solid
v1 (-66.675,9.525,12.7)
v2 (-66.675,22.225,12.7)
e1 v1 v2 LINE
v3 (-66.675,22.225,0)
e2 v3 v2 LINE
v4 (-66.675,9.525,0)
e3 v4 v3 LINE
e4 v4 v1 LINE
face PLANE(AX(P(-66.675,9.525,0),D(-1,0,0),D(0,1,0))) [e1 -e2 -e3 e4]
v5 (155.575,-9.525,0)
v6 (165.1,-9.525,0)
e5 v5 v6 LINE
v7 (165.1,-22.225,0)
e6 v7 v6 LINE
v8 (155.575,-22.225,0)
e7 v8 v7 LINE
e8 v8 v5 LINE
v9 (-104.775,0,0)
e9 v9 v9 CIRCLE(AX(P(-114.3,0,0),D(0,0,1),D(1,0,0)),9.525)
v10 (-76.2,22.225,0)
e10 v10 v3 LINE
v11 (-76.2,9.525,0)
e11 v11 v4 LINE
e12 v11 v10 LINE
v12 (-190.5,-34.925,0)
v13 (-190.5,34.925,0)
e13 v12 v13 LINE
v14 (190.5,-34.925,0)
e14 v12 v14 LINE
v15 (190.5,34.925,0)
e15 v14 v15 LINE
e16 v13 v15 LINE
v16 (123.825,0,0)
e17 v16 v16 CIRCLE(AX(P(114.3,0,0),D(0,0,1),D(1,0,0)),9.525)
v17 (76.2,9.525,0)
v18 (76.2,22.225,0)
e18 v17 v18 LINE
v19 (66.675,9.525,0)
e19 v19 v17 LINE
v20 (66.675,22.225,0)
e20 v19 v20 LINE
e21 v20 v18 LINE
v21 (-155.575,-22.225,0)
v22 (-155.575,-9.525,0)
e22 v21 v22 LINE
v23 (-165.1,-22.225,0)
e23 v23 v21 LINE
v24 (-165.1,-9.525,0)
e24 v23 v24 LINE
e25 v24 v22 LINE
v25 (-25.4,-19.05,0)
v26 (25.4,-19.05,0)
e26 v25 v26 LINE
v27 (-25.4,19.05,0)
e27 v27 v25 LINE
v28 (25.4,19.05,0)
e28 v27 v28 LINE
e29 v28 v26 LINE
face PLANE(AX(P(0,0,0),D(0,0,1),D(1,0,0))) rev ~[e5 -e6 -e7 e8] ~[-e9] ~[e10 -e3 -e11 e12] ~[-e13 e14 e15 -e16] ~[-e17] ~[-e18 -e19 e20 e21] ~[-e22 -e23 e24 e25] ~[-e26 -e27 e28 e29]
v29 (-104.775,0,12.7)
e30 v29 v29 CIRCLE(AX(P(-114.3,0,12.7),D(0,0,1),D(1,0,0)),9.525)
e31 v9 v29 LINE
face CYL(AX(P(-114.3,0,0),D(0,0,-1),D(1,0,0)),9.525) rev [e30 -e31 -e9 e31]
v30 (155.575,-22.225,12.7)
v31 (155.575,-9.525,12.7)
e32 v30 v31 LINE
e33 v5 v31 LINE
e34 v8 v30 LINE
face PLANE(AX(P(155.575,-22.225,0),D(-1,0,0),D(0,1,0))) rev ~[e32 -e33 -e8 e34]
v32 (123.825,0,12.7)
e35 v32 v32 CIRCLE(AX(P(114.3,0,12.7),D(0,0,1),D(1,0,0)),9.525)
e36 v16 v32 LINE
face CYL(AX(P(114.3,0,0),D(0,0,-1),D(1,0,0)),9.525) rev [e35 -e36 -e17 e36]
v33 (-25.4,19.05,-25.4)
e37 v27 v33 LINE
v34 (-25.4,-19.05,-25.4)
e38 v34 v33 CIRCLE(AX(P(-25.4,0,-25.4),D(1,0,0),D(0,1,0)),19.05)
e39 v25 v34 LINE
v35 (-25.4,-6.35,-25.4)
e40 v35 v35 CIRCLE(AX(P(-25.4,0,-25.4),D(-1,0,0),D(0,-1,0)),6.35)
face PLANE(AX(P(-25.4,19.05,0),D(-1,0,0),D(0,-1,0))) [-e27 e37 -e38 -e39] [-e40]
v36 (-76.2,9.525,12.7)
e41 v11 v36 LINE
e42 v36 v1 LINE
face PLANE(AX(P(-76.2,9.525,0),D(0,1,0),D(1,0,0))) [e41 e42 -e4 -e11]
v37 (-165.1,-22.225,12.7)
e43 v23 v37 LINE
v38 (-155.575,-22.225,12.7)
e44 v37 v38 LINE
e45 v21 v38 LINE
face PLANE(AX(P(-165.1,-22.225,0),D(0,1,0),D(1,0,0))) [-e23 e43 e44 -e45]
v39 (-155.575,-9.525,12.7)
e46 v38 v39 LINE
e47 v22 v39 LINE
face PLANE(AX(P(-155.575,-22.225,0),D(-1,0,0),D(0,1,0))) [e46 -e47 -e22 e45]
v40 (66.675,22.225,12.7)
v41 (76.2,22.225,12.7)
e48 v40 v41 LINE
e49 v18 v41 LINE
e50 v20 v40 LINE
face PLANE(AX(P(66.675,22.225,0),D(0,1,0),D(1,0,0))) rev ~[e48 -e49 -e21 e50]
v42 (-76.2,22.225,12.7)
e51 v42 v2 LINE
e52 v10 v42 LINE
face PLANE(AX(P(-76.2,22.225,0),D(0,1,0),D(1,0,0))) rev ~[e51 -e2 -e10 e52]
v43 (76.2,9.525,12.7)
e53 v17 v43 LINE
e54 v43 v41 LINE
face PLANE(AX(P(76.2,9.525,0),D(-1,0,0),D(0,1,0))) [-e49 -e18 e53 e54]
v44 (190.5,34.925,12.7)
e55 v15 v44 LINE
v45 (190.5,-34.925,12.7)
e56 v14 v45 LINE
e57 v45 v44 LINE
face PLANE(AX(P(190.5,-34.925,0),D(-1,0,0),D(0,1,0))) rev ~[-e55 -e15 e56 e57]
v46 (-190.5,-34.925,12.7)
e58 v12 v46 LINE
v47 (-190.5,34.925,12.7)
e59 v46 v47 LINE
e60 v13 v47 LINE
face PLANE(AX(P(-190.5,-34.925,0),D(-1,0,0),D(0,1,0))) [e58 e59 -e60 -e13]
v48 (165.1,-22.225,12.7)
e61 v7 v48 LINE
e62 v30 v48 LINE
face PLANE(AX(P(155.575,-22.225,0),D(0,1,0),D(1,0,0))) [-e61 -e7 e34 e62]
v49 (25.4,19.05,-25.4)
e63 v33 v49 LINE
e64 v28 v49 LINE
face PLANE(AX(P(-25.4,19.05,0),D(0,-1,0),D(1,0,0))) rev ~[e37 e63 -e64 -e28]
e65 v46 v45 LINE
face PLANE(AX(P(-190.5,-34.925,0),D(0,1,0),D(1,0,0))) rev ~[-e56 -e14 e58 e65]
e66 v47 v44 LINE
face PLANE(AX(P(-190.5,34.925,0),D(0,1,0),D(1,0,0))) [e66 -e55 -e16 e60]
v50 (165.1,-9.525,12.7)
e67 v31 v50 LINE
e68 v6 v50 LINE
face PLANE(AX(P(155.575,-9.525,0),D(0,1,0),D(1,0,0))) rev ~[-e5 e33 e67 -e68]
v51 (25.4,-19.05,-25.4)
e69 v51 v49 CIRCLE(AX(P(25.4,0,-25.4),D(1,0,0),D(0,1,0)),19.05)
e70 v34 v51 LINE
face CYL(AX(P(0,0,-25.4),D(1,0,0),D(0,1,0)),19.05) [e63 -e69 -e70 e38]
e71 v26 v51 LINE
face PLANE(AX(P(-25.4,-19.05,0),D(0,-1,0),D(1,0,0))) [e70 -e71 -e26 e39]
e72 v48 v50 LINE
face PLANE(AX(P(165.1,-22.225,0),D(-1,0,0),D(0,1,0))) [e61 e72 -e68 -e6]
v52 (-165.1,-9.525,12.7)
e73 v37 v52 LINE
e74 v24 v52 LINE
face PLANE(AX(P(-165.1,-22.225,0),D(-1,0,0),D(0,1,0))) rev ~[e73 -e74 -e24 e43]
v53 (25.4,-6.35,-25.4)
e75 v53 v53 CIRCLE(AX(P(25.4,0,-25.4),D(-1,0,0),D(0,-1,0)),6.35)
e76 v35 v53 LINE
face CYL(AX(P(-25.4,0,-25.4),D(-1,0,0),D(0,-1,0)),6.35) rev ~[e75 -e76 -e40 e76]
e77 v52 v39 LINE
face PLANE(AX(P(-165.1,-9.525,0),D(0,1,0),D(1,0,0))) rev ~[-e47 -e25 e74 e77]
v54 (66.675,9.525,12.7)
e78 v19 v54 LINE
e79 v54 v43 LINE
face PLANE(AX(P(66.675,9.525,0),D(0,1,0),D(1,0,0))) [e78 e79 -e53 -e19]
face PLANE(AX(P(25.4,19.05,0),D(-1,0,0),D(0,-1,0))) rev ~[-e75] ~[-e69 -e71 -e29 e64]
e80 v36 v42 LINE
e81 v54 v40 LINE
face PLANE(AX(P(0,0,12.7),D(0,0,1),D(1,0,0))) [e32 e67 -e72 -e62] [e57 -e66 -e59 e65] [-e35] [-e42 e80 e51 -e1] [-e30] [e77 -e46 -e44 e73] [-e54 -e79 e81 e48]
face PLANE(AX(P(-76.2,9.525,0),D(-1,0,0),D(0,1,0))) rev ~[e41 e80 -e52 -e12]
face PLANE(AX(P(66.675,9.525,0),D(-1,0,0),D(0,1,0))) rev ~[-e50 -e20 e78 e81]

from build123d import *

# Parameters (mm, degrees)
F0_W     = 381
F0_H     = 69.85
F0_W_2   = 9.525
F0_H_2   = 12.7
F0_R     = 9.525
F1_DEPTH = 12.7
F2_W     = 50.8
F2_H     = 38.1
F3_DEPTH = 25.4
F4_W     = 50.8
F4_H     = 19.05
F6_R     = 6.35
F7_DEPTH = 76.2


with BuildPart() as f1:
    # F0 (on Top) → F1 (new body)
    with BuildSketch(Plane.XY):
        Rectangle(F0_W, F0_H)
        with Locations((-160.3375, -15.875)):
            Rectangle(F0_W_2, F0_H_2, mode=Mode.SUBTRACT)
        with Locations((160.3375, -15.875)):
            Rectangle(F0_W_2, F0_H_2, mode=Mode.SUBTRACT)
        with Locations((-114.3, 0)):
            Circle(F0_R, mode=Mode.SUBTRACT)
        with Locations((-71.4375, 15.875)):
            Rectangle(F0_W_2, F0_H_2, mode=Mode.SUBTRACT)
        with Locations((71.4375, 15.875)):
            Rectangle(F0_W_2, F0_H_2, mode=Mode.SUBTRACT)
        with Locations((114.3, 0)):
            Circle(F0_R, mode=Mode.SUBTRACT)
    extrude(amount=F1_DEPTH)

    # F2 (on face) → F3 (join)
    with BuildSketch(Plane(origin=(0, 0, 0), x_dir=(1, 0, 0), z_dir=(0, 0, -1))):
        Rectangle(F2_W, F2_H)
    extrude(amount=F3_DEPTH)

    # F4 (on face) → F5 (revolve)
    with BuildSketch(Plane(origin=(0, 0, -25.4), x_dir=(1, 0, 0), z_dir=(0, 0, -1))):
        with Locations((0, -9.525)):
            Rectangle(F4_W, F4_H)
    revolve(axis=Axis((0, 0, -25.4), (1, 0, 0)))

    # F6 (on face) → F7 (cut)
    with BuildSketch(Plane(origin=(-25.4, 0, 0), x_dir=(0, -1, 0), z_dir=(-1, 0, 0))):
        with Locations((0, -25.4)):
            Circle(F6_R)
    extrude(amount=-F7_DEPTH, mode=Mode.SUBTRACT)


solid = f1.part
